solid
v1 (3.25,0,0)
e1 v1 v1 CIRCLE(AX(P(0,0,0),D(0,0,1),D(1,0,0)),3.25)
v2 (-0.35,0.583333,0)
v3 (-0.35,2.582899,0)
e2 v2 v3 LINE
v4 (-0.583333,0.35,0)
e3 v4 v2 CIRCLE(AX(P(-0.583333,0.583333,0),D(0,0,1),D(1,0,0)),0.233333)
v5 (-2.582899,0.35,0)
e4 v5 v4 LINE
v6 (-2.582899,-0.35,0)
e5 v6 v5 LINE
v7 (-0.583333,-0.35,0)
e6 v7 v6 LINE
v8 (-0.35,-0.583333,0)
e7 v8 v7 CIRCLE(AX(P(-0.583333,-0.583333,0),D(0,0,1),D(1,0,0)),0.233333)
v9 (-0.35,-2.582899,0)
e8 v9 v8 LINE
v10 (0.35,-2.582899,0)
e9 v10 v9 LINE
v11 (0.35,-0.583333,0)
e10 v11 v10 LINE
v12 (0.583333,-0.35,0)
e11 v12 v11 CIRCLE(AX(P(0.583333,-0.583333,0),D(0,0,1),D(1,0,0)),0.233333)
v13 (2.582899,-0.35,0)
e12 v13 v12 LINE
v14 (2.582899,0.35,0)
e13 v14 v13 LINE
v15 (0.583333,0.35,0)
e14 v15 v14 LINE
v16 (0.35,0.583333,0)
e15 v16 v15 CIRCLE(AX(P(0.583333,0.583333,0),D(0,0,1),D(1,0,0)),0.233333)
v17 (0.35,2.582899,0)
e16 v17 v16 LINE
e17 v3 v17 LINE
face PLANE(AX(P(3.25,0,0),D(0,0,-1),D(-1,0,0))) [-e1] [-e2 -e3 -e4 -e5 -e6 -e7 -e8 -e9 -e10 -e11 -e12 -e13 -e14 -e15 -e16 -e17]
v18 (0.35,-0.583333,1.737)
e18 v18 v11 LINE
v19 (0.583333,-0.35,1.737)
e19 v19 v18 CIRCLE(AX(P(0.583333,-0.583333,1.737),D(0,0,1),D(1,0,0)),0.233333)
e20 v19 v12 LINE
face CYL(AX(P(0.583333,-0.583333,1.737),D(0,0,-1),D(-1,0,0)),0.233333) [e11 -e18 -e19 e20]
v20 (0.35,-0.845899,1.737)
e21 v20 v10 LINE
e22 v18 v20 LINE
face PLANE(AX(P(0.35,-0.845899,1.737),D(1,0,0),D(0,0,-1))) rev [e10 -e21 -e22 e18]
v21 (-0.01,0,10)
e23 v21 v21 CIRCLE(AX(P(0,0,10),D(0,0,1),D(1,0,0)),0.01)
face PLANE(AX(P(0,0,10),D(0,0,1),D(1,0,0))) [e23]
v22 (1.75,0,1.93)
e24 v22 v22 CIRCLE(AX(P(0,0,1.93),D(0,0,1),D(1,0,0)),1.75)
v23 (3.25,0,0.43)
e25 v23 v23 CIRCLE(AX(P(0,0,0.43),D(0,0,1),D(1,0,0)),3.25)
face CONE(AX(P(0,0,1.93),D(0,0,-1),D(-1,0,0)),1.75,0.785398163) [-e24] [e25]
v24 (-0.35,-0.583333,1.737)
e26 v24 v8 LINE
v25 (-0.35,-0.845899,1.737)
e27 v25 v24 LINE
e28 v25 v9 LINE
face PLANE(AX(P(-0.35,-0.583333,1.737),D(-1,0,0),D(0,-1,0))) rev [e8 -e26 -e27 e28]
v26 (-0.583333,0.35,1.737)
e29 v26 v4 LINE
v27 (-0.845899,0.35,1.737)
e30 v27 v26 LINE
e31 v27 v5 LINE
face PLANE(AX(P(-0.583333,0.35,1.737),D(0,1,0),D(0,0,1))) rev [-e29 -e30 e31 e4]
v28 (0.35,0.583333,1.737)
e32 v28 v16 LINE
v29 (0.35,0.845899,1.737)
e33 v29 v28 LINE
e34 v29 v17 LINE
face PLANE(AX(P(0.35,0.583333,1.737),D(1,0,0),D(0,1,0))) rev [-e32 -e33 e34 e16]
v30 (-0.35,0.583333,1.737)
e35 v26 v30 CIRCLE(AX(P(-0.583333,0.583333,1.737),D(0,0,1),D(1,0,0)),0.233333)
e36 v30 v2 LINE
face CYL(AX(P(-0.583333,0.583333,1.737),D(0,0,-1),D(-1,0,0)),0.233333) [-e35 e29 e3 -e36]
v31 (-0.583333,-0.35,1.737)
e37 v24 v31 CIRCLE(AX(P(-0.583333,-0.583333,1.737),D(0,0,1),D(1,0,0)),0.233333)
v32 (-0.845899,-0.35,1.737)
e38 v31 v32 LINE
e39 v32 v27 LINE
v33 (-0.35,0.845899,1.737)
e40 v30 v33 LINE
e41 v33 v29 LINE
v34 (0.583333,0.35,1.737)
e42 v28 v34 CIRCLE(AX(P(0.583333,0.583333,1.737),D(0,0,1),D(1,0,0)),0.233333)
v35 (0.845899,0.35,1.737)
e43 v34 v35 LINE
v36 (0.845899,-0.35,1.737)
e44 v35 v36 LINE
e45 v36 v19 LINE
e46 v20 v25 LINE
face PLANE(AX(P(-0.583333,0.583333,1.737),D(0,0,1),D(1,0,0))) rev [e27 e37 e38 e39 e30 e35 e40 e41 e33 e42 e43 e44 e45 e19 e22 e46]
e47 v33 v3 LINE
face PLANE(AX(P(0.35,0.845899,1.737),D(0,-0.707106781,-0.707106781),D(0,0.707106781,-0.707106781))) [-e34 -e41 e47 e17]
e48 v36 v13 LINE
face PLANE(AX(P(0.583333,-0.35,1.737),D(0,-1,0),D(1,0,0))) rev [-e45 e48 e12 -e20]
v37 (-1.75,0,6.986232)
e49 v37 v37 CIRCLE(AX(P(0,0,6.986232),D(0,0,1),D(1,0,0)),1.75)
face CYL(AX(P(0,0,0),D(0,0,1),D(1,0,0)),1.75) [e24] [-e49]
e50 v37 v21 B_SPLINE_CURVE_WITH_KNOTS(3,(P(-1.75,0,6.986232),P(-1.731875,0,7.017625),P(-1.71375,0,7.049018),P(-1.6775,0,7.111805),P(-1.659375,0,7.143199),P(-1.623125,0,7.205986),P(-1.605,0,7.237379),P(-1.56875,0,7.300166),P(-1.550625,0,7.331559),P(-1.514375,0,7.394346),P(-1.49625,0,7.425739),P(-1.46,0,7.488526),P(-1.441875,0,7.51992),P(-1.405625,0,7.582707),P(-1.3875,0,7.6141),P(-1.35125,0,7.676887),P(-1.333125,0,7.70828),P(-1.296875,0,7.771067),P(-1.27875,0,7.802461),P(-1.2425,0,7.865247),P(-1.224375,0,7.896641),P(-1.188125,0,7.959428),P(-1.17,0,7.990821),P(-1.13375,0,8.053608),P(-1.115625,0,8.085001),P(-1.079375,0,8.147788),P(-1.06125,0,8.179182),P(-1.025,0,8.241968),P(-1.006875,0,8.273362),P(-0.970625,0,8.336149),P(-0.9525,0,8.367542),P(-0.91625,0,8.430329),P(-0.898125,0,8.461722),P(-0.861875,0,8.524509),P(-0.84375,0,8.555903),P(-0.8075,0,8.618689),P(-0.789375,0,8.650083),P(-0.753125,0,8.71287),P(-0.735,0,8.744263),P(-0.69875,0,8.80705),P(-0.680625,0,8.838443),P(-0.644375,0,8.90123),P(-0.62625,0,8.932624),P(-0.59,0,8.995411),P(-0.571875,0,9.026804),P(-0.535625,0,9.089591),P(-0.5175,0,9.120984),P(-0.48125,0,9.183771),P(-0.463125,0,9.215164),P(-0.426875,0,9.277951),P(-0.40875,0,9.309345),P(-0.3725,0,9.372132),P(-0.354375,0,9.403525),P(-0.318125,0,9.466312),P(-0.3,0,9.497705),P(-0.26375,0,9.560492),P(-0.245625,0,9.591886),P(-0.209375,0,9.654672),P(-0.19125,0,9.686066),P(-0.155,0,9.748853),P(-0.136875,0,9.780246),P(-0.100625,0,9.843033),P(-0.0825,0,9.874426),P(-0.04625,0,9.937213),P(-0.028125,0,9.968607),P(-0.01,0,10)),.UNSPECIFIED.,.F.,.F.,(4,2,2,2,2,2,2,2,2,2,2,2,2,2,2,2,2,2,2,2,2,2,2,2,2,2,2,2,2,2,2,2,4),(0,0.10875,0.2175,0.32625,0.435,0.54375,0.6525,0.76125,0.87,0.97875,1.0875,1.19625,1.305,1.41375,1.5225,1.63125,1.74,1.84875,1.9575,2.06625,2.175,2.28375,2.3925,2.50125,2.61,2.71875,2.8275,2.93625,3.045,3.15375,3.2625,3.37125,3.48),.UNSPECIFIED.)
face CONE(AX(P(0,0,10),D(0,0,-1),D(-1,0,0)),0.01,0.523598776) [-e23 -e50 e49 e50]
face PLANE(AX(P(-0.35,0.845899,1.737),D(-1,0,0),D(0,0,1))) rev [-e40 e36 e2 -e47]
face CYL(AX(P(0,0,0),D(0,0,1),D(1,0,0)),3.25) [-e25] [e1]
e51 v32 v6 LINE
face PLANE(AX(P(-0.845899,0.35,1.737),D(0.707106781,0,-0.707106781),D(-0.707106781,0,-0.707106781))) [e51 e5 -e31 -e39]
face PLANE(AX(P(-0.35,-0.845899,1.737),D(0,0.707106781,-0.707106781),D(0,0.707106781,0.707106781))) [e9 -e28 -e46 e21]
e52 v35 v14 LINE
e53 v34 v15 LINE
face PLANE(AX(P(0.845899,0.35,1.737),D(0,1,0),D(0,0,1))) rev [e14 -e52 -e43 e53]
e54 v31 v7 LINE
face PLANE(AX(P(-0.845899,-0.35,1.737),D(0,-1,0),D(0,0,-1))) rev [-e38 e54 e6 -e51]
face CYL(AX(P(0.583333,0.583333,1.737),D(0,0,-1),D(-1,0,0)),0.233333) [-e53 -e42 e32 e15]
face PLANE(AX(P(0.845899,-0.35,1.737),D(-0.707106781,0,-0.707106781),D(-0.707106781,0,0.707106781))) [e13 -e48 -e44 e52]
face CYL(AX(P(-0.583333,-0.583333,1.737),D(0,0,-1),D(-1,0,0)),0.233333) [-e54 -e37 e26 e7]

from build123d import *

# Parameters (mm, degrees)
CUT_EXTRUDE1_DEPTH = 1.737
DRAFT1_ANGLE       = 45


with BuildPart() as part:
    # Sketch1 → Revolve1 (revolve)
    with BuildSketch(Plane(origin=(0, 0, 0), x_dir=(1, 0, 0), z_dir=(0, 1, 0))):
        Polygon((0, 0), (0, -10), (0.01, -10), (1.75, -6.986231595), (1.75, -1.93), (3.25, -0.43), (3.25, 0), align=None)
    revolve(axis=Axis((0, 0, 0), (0, 0, -1)))

    # Sketch2 → Cut-Extrude1 (cut)
    with BuildSketch(Plane(origin=(0, 0, 0), x_dir=(-1, 0, 0), z_dir=(0, 0, -1))):
        with BuildLine():
            Line((-0.35, 0.583333333), (-0.35, 0.845898975))
            Line((-0.35, 0.845898975), (0.35, 0.845898975))
            Line((0.35, 0.845898975), (0.35, 0.583333333))
            ThreePointArc((0.35, 0.583333333), (0.418341751, 0.418341751), (0.583333333, 0.35))
            Line((0.583333333, 0.35), (0.845898975, 0.35))
            Line((0.845898975, 0.35), (0.845898975, -0.35))
            Line((0.845898975, -0.35), (0.583333333, -0.35))
            ThreePointArc((0.583333333, -0.35), (0.418341751, -0.418341751), (0.35, -0.583333333))
            Line((0.35, -0.583333333), (0.35, -0.845898975))
            Line((0.35, -0.845898975), (-0.35, -0.845898975))
            Line((-0.35, -0.845898975), (-0.35, -0.583333333))
            ThreePointArc((-0.35, -0.583333333), (-0.418341751, -0.418341751), (-0.583333333, -0.35))
            Line((-0.583333333, -0.35), (-0.845898975, -0.35))
            Line((-0.845898975, -0.35), (-0.845898975, 0.35))
            Line((-0.845898975, 0.35), (-0.583333333, 0.35))
            ThreePointArc((-0.583333333, 0.35), (-0.418341751, 0.418341751), (-0.35, 0.583333333))
        make_face()
    extrude(amount=-CUT_EXTRUDE1_DEPTH, mode=Mode.SUBTRACT)

    # Draft1
    draft1_faces = [part.faces().sort_by_distance(p)[0] for p in [
        (0, -0.845898975, 0.8685),
        (-0.845898975, 0, 0.8685),
        (0.845898975, 0, 0.8685),
        (0, 0.845898975, 0.8685),
    ]]
    draft(draft1_faces, Plane(origin=(-0.583333333, 0.583333333, 1.737), x_dir=(-1, 0, 0), z_dir=(0, 0, -1)), DRAFT1_ANGLE)


solid = part.part
